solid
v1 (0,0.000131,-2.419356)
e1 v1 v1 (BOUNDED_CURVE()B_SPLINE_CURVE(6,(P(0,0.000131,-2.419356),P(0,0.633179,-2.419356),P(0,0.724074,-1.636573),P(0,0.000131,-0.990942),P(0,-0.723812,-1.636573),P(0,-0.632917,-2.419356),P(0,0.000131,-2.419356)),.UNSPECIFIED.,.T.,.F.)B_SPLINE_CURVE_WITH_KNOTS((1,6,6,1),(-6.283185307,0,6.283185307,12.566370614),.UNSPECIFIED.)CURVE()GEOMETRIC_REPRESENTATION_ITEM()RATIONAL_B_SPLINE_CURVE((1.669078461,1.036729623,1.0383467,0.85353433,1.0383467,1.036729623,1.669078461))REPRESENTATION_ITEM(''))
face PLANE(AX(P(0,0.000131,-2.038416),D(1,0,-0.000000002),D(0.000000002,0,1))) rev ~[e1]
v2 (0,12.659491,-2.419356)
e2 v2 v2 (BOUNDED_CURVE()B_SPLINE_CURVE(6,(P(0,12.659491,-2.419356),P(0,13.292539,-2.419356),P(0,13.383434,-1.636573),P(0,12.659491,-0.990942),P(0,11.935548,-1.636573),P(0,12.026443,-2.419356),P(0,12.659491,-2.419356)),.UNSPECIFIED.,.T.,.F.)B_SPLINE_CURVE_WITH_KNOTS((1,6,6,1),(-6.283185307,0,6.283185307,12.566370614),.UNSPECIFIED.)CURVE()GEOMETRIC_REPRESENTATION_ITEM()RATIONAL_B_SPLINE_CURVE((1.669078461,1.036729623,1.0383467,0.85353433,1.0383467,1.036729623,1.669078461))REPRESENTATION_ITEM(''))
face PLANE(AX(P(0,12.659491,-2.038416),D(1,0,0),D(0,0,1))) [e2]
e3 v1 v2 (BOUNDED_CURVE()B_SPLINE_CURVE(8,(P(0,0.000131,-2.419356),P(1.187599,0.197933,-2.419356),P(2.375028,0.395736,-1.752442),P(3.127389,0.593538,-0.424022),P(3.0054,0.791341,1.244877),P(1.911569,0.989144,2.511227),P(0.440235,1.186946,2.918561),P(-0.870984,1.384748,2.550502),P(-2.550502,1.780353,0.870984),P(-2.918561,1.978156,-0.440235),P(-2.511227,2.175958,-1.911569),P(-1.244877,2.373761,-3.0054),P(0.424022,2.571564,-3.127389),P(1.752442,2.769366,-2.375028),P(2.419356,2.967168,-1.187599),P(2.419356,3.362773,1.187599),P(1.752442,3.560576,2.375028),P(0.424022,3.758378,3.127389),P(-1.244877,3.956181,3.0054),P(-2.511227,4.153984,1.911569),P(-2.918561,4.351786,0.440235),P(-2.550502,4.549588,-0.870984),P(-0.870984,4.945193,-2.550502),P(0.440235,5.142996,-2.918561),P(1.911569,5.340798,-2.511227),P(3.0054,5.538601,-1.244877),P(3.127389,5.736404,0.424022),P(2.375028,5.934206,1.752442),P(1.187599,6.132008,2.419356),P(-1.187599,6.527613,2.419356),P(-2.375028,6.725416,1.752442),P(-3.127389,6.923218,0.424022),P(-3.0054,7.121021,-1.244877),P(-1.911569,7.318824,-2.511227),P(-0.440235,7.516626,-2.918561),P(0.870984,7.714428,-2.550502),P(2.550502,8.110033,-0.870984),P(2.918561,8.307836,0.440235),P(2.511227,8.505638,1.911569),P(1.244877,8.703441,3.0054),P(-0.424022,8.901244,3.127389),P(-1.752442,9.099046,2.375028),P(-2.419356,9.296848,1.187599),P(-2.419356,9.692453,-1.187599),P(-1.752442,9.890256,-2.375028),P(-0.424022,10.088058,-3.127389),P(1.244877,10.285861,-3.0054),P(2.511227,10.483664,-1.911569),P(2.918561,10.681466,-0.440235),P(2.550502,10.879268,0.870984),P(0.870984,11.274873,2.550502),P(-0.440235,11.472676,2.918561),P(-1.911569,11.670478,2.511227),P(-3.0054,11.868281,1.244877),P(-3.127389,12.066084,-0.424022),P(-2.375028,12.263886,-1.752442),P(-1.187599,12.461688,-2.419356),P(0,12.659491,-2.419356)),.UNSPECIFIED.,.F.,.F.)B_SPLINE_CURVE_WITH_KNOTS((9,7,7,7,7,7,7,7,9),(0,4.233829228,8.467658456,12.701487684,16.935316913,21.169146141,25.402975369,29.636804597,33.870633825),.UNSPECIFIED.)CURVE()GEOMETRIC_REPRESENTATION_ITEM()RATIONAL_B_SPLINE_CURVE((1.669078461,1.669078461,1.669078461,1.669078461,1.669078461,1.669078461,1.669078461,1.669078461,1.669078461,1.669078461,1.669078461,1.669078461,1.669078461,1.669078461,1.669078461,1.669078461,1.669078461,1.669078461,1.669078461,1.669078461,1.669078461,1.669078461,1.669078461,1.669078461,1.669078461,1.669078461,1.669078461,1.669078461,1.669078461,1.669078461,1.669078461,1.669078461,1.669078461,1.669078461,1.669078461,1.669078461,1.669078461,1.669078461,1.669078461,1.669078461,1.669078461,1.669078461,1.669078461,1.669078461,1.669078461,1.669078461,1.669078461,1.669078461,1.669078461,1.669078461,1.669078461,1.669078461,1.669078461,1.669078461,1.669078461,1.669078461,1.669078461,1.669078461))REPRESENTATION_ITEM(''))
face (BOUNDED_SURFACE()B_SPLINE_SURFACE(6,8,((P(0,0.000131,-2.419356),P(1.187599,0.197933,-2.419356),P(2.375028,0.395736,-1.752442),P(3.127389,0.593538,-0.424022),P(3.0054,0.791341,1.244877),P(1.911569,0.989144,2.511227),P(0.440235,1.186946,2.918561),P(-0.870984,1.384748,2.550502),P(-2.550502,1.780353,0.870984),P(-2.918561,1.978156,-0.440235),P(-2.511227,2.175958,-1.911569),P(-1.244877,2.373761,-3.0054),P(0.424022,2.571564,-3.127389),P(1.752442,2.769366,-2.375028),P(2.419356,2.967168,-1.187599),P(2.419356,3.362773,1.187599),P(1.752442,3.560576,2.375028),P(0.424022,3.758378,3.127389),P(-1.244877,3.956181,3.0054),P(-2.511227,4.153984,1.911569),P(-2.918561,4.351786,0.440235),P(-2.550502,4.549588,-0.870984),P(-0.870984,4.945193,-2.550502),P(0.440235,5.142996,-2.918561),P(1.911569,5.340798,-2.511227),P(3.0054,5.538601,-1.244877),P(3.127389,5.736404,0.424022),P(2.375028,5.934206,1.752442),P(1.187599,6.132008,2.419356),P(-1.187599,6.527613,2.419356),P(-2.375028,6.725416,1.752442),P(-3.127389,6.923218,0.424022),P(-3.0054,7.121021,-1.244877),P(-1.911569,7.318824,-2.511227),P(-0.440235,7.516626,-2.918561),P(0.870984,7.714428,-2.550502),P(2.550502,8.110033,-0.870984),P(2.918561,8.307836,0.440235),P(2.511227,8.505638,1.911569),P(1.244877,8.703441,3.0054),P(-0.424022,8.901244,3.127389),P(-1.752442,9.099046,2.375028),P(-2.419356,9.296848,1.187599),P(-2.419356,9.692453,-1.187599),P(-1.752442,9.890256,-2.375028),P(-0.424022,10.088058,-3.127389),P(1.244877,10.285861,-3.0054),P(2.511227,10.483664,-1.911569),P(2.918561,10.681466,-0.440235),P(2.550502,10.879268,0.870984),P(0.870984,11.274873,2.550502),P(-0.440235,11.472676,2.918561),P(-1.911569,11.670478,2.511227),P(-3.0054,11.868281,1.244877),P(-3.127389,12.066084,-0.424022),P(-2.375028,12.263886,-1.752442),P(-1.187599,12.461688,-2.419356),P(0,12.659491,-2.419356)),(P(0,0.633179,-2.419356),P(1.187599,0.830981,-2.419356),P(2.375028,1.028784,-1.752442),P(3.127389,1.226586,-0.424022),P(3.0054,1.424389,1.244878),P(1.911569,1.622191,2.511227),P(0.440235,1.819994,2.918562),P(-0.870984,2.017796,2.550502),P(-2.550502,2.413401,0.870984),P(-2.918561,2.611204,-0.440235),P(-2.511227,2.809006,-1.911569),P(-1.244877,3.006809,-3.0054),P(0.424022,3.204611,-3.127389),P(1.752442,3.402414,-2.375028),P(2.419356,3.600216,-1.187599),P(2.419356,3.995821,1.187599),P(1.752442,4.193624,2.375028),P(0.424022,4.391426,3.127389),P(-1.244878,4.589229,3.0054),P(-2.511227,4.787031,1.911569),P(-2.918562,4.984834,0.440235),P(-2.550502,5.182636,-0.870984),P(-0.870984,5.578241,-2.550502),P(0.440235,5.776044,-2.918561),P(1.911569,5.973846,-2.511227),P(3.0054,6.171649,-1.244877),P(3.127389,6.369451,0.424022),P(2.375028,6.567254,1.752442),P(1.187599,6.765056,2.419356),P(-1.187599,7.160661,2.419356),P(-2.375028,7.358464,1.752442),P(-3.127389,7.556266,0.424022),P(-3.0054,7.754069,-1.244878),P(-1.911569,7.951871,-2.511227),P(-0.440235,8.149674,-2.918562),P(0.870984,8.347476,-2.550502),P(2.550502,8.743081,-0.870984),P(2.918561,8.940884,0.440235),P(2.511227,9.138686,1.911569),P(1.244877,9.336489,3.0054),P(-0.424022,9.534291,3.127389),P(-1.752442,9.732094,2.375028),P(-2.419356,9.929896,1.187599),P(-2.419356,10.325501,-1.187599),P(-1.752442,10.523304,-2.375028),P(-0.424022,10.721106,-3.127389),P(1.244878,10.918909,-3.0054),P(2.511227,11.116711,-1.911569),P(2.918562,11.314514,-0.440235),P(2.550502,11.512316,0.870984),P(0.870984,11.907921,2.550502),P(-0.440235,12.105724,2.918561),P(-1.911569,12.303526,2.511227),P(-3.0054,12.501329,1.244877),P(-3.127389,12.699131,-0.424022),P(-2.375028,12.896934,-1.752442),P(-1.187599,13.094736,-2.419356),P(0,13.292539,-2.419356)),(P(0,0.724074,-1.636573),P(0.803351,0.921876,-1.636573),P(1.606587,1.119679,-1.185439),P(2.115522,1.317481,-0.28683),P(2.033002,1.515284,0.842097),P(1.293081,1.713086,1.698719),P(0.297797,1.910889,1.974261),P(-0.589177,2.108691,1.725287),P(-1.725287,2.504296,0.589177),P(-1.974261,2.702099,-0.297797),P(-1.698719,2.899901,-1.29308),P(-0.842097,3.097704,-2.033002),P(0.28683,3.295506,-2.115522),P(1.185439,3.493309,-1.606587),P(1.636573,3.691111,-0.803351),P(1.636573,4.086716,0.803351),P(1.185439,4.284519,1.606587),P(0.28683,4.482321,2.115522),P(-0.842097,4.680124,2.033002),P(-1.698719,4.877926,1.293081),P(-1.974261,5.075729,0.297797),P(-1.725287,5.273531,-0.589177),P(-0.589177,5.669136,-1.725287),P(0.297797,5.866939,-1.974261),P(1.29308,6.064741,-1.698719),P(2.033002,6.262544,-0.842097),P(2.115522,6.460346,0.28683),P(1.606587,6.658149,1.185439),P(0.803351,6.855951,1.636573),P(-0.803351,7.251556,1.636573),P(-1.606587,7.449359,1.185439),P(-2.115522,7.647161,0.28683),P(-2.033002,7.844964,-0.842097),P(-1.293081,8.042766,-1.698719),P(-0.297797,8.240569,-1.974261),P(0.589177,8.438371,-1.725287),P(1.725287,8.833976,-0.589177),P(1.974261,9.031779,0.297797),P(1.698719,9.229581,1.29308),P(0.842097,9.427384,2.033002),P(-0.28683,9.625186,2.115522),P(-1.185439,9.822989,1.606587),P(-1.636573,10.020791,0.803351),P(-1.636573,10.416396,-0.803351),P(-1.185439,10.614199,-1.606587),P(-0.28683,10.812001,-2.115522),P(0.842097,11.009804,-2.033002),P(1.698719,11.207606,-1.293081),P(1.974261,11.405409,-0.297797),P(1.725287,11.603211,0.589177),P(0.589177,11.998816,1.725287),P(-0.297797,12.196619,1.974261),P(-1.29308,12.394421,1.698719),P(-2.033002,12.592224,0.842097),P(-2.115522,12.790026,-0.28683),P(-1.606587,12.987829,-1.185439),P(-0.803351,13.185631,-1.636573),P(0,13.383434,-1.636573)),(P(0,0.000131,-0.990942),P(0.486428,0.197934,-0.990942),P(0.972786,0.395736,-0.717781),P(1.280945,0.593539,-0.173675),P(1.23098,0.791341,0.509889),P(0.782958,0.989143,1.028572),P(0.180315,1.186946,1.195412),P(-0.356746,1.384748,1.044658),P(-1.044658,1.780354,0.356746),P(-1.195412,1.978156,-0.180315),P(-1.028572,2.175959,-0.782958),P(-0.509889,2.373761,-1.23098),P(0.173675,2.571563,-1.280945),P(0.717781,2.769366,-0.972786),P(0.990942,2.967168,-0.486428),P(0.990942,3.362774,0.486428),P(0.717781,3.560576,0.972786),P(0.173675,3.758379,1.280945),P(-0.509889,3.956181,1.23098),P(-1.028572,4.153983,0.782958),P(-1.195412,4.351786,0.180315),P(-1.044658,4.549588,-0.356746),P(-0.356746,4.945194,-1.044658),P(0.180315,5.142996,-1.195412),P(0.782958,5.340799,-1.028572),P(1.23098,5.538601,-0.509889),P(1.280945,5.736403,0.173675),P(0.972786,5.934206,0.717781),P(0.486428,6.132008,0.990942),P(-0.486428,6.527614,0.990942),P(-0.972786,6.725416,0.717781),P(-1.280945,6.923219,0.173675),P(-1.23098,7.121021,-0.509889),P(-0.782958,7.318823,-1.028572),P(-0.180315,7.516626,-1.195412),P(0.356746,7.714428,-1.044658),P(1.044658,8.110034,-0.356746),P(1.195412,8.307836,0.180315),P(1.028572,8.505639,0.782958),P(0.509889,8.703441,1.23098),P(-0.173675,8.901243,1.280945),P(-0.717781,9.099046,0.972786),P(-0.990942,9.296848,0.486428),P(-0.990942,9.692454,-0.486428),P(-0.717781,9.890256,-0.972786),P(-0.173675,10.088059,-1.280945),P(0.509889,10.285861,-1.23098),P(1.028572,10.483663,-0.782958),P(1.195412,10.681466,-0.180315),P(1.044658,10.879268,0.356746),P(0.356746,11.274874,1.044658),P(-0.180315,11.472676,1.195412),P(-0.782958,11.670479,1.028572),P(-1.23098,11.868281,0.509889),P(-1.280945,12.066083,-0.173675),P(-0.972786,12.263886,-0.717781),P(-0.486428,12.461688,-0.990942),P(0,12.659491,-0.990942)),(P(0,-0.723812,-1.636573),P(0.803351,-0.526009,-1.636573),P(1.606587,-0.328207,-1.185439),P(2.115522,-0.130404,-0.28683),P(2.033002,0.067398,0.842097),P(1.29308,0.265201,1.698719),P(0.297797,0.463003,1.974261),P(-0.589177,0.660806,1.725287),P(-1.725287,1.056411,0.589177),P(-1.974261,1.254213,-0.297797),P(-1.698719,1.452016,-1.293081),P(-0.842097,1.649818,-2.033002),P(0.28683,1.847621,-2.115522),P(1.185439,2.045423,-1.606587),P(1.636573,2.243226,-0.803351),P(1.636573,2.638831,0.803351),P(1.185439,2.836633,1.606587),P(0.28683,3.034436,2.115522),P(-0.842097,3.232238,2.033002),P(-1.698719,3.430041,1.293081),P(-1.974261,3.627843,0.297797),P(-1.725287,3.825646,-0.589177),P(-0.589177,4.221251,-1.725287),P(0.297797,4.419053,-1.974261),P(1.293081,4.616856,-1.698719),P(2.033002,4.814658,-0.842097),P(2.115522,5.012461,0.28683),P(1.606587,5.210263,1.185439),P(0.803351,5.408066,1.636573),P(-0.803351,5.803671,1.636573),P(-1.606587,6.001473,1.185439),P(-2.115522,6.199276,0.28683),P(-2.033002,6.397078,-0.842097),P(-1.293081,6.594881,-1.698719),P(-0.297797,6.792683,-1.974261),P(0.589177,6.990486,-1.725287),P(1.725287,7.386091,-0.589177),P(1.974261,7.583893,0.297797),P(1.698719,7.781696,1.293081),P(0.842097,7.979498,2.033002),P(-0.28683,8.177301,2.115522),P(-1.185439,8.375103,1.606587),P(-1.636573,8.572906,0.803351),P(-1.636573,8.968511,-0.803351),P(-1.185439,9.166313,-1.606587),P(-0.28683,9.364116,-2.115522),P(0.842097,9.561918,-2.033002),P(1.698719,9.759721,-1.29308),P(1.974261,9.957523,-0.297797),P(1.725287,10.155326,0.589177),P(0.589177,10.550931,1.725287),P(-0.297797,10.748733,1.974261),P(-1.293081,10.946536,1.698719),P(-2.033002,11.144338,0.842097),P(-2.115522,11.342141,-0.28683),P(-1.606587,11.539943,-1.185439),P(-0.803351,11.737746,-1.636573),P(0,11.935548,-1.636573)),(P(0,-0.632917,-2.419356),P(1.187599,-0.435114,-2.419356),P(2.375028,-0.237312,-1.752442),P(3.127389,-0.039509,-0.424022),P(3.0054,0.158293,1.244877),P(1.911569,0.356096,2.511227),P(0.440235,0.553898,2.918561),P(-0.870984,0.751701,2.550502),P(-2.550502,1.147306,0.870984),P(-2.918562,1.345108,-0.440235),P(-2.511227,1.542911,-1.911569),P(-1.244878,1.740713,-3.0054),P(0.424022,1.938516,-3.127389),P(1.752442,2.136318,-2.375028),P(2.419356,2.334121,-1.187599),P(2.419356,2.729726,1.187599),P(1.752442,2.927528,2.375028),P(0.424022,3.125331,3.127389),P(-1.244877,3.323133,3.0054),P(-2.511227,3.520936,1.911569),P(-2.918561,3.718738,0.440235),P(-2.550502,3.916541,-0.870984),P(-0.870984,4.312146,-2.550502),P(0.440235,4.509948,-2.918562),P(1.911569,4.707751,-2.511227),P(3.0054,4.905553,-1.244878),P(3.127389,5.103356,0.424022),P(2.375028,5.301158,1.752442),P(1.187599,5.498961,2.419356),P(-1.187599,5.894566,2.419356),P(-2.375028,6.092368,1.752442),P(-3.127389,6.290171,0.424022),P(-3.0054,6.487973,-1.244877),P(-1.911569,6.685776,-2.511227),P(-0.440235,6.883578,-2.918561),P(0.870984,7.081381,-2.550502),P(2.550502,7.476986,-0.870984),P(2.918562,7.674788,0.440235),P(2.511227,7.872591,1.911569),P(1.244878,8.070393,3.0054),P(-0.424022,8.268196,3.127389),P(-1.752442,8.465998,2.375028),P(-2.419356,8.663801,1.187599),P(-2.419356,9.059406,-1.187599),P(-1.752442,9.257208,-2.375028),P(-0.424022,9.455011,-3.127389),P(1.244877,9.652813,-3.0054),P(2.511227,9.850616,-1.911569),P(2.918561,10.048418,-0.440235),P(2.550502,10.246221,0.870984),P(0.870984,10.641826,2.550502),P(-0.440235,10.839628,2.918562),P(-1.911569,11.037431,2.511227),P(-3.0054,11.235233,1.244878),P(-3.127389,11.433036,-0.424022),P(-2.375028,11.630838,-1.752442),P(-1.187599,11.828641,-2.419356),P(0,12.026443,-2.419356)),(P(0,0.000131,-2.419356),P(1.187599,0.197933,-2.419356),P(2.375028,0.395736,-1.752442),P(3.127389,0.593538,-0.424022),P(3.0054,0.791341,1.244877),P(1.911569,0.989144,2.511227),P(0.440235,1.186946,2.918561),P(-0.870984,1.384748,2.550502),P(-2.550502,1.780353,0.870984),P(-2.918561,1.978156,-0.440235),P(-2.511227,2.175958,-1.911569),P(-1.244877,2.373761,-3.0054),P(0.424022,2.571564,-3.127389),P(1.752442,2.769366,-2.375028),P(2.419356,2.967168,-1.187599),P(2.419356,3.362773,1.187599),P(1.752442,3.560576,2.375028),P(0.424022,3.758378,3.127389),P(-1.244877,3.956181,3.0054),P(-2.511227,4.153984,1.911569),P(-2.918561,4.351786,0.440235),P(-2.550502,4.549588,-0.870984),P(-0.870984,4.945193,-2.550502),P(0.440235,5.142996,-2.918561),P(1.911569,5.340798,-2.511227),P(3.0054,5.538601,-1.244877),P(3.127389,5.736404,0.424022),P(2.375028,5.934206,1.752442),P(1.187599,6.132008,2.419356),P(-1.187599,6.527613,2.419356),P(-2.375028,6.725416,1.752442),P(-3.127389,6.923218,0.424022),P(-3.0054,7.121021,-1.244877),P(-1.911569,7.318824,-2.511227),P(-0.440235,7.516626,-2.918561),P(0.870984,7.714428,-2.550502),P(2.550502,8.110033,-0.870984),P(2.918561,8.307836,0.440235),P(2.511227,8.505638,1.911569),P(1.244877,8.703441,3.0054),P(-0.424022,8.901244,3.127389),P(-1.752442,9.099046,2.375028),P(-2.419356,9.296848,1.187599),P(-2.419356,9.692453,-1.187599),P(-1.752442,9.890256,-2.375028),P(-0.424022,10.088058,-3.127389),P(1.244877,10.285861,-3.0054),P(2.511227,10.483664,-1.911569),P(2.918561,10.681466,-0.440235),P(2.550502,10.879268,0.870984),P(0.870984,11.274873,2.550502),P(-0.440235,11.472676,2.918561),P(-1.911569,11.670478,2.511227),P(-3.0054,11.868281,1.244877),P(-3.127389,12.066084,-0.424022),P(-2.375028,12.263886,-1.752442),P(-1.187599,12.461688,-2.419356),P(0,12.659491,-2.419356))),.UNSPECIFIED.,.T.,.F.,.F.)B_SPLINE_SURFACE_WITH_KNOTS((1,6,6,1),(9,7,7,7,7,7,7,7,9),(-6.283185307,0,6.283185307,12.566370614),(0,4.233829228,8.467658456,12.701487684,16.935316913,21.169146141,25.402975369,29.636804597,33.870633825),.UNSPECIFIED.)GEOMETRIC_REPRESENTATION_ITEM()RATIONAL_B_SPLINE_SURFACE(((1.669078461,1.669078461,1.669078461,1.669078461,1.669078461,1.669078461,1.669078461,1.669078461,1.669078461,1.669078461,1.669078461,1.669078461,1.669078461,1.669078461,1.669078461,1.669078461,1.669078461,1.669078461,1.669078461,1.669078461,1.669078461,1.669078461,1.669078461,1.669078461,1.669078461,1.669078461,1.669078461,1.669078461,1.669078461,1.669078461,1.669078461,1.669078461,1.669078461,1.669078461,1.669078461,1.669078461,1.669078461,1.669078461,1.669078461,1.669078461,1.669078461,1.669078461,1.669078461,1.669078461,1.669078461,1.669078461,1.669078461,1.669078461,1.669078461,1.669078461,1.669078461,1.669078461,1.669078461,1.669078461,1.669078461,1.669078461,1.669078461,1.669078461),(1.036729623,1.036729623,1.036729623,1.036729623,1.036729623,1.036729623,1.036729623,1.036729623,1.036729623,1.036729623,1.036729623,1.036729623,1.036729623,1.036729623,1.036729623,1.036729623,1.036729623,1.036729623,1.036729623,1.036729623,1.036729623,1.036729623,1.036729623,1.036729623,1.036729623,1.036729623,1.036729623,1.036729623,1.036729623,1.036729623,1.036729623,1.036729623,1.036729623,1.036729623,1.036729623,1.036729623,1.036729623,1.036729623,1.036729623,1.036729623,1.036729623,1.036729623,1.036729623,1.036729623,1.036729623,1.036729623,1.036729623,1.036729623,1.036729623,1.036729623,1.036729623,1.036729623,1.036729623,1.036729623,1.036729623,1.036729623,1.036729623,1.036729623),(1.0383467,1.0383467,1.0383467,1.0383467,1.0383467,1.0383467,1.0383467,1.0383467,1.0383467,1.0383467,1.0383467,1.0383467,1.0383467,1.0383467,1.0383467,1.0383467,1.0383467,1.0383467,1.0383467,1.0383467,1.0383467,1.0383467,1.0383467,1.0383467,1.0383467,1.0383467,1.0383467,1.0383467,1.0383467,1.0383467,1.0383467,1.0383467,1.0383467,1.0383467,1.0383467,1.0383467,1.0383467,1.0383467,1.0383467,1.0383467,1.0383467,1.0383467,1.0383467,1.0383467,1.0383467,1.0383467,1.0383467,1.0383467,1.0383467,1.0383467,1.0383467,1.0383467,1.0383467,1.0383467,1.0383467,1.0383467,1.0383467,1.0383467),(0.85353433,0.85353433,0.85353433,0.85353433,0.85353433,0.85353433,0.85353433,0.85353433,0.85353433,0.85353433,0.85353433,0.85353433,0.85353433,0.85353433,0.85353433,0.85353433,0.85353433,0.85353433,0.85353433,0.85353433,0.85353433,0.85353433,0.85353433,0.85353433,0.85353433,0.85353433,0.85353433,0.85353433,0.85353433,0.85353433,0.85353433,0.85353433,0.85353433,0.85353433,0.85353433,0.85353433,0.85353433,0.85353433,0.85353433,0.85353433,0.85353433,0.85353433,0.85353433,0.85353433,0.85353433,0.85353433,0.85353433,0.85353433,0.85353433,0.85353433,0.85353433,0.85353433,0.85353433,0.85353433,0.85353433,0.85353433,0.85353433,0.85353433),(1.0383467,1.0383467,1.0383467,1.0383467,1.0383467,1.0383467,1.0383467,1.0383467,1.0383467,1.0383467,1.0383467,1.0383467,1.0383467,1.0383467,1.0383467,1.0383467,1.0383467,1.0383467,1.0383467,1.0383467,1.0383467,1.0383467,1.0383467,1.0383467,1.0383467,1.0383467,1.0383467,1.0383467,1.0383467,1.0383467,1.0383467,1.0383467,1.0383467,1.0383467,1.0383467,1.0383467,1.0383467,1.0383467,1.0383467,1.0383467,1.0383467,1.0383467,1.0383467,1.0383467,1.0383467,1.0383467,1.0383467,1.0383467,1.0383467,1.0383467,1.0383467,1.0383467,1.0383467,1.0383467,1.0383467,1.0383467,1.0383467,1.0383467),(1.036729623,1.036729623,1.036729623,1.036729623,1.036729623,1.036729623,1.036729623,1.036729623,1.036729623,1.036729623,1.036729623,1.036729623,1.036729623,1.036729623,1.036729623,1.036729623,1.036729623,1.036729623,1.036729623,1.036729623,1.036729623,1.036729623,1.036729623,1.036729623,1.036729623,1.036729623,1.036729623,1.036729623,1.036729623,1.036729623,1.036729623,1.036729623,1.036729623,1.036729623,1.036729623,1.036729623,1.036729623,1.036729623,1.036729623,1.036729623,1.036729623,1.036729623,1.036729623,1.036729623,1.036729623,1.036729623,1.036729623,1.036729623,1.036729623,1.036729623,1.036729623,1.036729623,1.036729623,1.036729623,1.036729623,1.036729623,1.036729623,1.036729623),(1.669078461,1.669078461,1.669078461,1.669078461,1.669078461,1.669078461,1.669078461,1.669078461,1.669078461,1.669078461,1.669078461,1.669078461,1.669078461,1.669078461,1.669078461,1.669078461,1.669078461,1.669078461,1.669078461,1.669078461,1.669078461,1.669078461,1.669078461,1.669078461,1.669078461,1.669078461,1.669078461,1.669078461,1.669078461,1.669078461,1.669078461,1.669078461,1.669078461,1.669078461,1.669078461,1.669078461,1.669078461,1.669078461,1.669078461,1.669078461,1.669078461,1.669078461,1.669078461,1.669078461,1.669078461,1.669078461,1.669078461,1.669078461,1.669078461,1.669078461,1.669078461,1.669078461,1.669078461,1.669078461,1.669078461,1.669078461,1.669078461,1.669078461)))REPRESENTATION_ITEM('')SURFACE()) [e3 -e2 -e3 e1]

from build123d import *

# Parameters (mm, degrees)
SWEEP1_PITCH       = 2.531872
SWEEP1_HEIGHT      = 12.65936
SWEEP1_RADIUS      = 2.03835
SWEEP1_START_ANGLE = -180
SKETCH4_R          = 0.381


with BuildPart() as part:
    # Sweep1: sweep along a helix
    with BuildLine() as sweep1_path:
        add(Helix(SWEEP1_PITCH, SWEEP1_HEIGHT, SWEEP1_RADIUS, center=(0, 0, 0), direction=(0, 1, 0), lefthand=True, mode=Mode.PRIVATE).rotate(Axis((0, 0, 0), (0, 1, 0)), SWEEP1_START_ANGLE))
    # Sketch4 → Sweep1 (sweep)
    with BuildSketch(Plane(origin=(0, 0, 0), x_dir=(0, 0, -1), z_dir=(1, 0, 0))):
        with Locations((2.038355947, 12.659490975)):
            Circle(SKETCH4_R)
    sweep(path=sweep1_path.line, is_frenet=True)


solid = part.part
